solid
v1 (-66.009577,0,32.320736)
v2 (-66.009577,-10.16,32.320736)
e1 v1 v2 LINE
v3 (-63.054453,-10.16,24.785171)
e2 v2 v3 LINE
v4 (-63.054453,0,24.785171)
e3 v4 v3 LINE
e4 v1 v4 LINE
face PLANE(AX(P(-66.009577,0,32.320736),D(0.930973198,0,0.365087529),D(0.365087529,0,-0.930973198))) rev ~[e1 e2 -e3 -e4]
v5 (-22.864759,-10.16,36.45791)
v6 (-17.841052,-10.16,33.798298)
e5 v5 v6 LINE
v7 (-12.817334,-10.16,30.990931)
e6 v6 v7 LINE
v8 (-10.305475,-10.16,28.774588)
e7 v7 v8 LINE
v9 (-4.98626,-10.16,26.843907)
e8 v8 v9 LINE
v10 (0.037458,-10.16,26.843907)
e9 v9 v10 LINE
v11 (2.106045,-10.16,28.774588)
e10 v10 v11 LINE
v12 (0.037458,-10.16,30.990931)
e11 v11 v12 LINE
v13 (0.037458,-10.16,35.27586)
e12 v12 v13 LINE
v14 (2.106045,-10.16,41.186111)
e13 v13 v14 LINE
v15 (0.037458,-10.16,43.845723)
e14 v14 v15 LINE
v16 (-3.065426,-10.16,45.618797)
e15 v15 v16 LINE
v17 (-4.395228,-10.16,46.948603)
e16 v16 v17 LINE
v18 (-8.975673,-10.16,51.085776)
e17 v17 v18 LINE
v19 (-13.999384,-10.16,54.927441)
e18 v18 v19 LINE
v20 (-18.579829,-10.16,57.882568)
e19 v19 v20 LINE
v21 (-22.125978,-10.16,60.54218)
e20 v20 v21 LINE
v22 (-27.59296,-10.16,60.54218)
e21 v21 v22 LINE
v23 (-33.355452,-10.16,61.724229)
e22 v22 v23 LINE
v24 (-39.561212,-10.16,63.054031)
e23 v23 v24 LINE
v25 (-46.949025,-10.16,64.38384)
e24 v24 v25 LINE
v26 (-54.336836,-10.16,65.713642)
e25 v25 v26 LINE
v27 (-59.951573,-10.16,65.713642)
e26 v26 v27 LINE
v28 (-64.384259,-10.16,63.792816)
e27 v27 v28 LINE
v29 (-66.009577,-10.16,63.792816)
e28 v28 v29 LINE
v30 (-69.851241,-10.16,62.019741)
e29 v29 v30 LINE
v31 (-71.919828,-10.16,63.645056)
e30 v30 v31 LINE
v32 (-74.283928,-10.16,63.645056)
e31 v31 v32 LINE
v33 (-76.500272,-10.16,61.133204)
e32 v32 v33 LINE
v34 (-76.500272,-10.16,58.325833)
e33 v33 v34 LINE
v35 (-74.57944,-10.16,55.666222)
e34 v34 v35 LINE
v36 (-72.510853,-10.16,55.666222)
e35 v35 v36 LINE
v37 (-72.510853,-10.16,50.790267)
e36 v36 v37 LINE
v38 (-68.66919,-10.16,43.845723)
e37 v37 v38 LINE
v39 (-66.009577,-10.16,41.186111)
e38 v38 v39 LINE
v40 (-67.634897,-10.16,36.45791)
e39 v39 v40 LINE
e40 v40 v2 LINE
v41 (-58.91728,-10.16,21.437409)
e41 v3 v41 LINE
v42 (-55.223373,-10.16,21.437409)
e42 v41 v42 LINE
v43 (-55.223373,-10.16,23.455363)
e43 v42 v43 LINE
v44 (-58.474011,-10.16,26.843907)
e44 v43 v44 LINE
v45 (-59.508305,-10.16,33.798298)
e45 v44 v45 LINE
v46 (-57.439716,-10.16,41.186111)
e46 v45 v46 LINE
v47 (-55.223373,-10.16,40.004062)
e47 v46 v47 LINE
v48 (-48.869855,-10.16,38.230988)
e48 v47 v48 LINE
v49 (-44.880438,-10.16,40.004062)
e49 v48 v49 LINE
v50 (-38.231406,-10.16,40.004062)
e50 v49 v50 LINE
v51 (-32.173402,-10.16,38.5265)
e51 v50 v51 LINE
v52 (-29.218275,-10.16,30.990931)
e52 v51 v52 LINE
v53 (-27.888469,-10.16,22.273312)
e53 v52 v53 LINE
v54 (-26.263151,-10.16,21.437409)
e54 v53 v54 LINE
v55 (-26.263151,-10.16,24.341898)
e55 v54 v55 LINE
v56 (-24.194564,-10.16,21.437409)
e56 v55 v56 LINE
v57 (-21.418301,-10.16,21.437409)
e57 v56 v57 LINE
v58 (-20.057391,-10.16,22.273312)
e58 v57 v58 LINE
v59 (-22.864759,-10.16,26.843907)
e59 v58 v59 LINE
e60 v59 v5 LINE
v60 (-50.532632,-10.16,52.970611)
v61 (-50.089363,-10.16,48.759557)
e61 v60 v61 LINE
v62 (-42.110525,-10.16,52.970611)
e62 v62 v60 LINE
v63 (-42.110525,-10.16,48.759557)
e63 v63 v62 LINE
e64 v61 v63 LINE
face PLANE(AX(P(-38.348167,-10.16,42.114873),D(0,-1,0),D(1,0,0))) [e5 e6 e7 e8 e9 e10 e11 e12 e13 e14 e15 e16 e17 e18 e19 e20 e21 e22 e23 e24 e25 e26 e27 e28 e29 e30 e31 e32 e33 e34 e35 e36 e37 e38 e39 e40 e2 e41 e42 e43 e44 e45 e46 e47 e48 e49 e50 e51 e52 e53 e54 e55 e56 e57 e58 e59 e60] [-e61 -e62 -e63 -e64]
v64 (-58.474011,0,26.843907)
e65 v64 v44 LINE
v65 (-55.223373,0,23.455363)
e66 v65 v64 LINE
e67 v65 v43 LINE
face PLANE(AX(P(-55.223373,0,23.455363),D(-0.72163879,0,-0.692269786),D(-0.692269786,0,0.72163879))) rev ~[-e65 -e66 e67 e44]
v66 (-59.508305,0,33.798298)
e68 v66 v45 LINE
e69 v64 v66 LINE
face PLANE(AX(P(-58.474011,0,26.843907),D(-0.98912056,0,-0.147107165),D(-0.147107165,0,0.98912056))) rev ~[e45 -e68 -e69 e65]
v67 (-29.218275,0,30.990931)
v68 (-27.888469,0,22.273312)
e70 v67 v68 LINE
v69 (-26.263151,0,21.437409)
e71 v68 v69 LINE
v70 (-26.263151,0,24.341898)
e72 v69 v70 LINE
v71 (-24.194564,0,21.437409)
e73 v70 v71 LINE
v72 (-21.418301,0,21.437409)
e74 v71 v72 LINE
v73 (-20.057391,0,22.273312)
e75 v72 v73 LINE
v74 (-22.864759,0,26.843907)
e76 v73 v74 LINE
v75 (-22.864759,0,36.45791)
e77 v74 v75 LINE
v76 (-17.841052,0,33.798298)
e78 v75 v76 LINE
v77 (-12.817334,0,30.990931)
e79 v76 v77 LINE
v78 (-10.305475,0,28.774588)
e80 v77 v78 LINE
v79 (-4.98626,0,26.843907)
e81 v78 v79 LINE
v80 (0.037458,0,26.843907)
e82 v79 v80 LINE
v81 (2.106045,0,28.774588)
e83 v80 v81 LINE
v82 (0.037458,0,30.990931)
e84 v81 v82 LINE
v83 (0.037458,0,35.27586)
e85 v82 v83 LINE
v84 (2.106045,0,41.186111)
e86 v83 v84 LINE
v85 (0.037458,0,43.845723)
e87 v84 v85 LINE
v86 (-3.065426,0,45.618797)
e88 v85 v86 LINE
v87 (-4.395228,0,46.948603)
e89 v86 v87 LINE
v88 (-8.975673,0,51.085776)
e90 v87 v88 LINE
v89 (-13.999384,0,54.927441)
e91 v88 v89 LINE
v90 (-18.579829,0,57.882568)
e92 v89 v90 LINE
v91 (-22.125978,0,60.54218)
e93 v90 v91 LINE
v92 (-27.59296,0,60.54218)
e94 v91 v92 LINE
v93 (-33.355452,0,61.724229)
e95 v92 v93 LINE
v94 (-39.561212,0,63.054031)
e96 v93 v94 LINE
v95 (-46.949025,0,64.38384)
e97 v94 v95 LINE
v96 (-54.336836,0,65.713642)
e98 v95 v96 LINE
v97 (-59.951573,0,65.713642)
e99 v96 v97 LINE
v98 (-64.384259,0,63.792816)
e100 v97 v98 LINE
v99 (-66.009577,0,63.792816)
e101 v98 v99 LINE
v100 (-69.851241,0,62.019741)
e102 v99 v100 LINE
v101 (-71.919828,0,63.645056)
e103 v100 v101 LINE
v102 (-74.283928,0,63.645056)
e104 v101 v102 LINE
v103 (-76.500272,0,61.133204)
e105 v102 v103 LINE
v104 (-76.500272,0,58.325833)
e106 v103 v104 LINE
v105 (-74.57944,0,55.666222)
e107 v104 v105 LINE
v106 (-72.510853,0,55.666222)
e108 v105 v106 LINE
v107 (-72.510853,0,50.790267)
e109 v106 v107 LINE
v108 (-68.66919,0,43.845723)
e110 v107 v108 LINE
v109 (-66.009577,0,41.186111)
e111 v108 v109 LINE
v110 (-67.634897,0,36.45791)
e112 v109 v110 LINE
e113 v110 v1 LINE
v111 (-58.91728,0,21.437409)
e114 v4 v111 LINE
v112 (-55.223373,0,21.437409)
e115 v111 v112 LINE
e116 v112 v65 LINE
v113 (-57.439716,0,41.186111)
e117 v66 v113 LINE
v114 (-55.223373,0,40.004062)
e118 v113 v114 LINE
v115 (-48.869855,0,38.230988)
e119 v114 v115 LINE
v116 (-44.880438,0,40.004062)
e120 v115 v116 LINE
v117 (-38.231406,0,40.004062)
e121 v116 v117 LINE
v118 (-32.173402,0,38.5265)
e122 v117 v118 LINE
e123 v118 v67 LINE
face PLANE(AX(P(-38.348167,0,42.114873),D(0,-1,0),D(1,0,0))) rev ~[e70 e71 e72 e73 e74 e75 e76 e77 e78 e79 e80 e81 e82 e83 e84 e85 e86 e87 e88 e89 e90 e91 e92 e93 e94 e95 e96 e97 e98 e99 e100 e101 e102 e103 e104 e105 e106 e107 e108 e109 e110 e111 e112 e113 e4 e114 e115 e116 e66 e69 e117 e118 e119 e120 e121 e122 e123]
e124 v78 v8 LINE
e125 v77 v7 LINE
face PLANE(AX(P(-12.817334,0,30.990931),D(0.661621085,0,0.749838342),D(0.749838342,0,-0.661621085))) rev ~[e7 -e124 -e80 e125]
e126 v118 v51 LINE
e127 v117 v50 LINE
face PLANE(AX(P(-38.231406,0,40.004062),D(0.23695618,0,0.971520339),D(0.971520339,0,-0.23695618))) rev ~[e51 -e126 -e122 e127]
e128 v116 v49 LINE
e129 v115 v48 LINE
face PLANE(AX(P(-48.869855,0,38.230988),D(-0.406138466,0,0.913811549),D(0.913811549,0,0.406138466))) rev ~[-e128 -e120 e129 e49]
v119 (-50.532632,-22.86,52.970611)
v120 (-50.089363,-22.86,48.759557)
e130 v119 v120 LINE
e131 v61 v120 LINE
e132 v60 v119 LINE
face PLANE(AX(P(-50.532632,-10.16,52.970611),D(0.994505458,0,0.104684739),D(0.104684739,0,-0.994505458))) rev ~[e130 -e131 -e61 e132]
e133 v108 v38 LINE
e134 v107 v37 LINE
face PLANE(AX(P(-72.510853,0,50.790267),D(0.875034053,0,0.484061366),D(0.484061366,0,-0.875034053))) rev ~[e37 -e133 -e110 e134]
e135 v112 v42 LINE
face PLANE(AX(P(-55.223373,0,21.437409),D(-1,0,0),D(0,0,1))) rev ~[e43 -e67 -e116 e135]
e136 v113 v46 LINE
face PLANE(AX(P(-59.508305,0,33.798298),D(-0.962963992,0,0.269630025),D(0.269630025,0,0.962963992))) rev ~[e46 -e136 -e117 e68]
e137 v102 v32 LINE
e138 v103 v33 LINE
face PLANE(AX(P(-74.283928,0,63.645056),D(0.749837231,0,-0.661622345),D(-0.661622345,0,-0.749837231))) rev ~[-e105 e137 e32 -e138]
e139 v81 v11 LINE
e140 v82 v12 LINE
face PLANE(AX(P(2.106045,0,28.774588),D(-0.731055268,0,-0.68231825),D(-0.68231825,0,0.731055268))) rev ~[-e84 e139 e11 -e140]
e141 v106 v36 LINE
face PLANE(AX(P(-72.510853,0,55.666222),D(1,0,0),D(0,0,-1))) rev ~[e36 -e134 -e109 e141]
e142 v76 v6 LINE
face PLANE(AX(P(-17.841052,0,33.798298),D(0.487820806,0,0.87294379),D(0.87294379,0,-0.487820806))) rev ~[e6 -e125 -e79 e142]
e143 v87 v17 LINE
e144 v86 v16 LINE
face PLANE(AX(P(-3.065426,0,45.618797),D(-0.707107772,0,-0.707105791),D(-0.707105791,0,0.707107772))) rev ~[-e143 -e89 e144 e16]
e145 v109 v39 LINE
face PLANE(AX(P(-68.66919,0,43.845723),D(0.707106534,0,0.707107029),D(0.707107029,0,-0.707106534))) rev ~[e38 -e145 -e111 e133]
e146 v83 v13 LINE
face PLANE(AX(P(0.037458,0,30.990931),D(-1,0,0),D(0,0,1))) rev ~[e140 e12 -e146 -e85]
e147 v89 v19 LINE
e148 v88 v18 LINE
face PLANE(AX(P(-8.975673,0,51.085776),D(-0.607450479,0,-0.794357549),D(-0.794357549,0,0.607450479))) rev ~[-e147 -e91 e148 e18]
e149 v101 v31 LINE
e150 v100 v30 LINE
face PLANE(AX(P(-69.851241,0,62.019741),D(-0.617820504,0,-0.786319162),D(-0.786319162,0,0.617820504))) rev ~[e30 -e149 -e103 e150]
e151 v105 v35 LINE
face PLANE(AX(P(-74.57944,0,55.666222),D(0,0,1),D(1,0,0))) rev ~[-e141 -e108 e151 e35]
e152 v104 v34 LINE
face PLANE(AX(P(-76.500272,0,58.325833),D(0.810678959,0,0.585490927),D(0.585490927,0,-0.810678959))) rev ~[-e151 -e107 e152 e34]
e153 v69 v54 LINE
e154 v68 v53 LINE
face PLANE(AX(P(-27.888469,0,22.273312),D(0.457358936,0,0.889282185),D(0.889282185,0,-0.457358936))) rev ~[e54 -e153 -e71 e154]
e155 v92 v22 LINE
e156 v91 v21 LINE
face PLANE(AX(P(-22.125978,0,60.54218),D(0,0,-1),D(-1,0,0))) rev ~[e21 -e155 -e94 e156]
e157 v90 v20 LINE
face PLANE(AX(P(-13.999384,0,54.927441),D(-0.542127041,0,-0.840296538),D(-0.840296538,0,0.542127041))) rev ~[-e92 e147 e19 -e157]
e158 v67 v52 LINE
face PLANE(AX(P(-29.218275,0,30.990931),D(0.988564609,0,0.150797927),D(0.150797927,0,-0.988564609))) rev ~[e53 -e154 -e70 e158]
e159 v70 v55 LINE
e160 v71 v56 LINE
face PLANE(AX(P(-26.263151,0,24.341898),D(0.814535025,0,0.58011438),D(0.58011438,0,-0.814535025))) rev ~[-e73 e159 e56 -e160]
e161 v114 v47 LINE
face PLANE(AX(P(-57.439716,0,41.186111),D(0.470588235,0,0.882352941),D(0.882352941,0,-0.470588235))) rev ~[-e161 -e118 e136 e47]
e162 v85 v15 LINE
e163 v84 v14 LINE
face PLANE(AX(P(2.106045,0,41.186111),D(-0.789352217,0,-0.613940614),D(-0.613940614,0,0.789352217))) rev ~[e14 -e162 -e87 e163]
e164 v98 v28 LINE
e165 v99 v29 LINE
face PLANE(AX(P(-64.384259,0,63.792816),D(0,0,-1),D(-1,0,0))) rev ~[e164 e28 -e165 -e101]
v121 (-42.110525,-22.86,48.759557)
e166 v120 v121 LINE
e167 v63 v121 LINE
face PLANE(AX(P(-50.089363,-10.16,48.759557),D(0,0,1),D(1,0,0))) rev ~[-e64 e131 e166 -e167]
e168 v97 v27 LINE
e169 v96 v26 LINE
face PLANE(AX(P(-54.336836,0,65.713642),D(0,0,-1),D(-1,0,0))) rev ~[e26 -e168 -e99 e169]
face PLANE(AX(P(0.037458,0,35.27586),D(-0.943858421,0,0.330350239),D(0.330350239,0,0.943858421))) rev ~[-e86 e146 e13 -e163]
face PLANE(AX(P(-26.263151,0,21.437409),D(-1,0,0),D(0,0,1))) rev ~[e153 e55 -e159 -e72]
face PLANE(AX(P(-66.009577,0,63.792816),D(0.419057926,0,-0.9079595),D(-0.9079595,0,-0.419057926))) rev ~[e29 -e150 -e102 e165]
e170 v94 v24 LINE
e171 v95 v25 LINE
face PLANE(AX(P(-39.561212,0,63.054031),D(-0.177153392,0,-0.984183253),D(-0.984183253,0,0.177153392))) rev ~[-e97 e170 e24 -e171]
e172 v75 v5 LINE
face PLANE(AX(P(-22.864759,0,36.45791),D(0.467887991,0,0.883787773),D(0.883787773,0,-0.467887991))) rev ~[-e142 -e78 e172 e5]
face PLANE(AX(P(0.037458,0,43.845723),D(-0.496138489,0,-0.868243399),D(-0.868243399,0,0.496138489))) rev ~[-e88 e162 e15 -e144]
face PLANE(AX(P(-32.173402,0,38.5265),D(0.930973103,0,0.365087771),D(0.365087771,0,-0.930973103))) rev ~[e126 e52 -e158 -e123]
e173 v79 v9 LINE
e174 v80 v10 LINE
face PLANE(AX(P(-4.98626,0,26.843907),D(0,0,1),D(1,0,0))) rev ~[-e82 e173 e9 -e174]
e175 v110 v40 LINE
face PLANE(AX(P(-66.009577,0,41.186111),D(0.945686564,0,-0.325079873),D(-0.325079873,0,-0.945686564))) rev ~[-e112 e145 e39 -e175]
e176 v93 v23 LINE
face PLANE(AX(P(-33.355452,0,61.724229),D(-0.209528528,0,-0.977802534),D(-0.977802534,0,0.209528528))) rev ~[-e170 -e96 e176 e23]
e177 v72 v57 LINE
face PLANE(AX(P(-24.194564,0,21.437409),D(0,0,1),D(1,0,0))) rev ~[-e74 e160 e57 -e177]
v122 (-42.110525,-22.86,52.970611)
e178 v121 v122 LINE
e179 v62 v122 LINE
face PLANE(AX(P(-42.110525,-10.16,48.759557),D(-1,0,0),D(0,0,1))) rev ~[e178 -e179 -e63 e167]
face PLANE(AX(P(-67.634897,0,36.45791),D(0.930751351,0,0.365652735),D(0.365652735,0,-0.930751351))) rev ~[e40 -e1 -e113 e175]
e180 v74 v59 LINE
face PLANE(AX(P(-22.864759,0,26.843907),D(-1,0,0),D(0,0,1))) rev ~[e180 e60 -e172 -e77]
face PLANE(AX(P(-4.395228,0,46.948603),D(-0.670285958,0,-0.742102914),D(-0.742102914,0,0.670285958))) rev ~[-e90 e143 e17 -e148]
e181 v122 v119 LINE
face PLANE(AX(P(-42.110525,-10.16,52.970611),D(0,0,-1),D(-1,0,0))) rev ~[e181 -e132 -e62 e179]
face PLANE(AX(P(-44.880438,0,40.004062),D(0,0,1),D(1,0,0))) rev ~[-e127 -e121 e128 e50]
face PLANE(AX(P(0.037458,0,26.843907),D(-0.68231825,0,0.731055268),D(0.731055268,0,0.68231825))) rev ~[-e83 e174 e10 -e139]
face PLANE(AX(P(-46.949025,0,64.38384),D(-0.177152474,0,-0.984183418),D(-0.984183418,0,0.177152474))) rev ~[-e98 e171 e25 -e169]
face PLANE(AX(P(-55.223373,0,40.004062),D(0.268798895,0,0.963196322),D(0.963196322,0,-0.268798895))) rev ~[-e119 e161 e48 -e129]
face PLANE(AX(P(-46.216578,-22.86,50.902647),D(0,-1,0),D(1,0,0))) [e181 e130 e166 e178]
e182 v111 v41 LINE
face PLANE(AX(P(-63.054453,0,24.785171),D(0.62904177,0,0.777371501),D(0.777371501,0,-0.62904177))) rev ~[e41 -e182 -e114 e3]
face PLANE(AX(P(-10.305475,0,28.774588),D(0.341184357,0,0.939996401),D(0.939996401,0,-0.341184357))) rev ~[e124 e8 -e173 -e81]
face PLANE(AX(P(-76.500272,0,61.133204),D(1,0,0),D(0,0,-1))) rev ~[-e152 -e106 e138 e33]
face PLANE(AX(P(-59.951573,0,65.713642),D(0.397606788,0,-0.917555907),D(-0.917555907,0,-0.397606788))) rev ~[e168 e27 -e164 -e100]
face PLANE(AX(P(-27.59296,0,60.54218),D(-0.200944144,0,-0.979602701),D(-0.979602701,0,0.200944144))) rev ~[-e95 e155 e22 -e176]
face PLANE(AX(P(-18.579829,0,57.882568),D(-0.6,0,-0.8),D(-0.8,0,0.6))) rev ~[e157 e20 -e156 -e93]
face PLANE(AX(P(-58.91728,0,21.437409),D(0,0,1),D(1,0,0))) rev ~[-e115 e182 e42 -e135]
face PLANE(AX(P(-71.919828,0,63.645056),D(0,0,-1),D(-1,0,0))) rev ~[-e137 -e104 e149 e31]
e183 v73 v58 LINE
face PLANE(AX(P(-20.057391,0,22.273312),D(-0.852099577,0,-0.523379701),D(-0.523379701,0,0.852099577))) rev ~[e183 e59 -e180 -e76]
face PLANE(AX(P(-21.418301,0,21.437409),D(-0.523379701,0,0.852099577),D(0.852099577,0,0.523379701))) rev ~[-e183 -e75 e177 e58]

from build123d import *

# Parameters (mm, degrees)
F1_DEPTH = 10.16
F3_DEPTH = 12.7


with BuildPart() as f1:
    # F0 (on Front) → F1 (new body)
    with BuildSketch(Plane.XZ):
        Polygon((-59.9515732994, 65.7136424549), (-64.3842589727, 63.7928157218), (-66.0095770529, 63.7928157218), (-69.8512407636, 62.0197414525), (-71.9198283425, 63.6450558074), (-74.2839282995, 63.6450558074), (-76.5002720675, 61.1332043179), (-76.5002720675, 58.3258329995), (-74.5794397464, 55.6662215956), (-72.5108530989, 55.6662215956), (-72.5108530989, 50.790267355), (-68.6691903194, 43.8457227417), (-66.0095770529, 41.1861113377), (-67.6348969957, 36.457909561), (-66.0095770529, 32.320736266), (-63.0544532707, 24.7851706215), (-58.9172799757, 21.4374085669), (-55.2233733853, 21.4374085669), (-55.2233733853, 23.4553630568), (-58.4740114084, 26.8439068564), (-59.5083047321, 33.798298157), (-57.439716222, 41.1861113377), (-55.2233733853, 40.0040618249), (-48.869855391, 38.2309875556), (-44.8804382851, 40.0040618249), (-38.23140605, 40.0040618249), (-32.1734022966, 38.5264999338), (-29.2182747891, 30.990930564), (-27.8884690871, 22.2733116813), (-26.263151007, 21.4374085669), (-26.263151007, 24.3418983288), (-24.1945643594, 21.4374085669), (-21.4183011038, 21.4374085669), (-20.0573910644, 22.2733116813), (-22.8647586575, 26.8439068564), (-22.8647586575, 30.990930564), (-22.8647586575, 36.457909561), (-17.8410519531, 33.798298157), (-12.8173340729, 30.990930564), (-10.3054751327, 28.7745877274), (-4.9862597754, 26.8439068564), (-2.7699132135, 26.8439068564), (0.0374581048, 26.8439068564), (2.1060447523, 28.7745877274), (0.0374581048, 30.990930564), (0.0374581048, 35.2758600481), (2.1060447523, 41.1861113377), (0.0374581048, 43.8457227417), (-3.0654255917, 45.618797011), (-4.3952275684, 46.9486027129), (-8.975673156, 51.0857760079), (-13.9993835857, 54.92744065), (-18.5798291733, 57.8825681575), (-22.1259777119, 60.5421795614), (-24.933345305, 60.5421795614), (-27.5929604342, 60.5421795614), (-33.3554518094, 61.7242290743), (-39.561211752, 63.054031051), (-46.9490249326, 64.3838404782), (-54.3368362507, 65.7136424549), align=None)
    extrude(amount=F1_DEPTH)

    # F2 (on face) → F3 (join)
    with BuildSketch(Plane.XZ.offset(10.16)):
        Polygon((-42.1105250716, 52.970610559), (-50.5326315761, 52.970610559), (-50.0893630087, 48.7595573068), (-42.1105250716, 48.7595573068), align=None)
    extrude(amount=F3_DEPTH)


solid = f1.part
